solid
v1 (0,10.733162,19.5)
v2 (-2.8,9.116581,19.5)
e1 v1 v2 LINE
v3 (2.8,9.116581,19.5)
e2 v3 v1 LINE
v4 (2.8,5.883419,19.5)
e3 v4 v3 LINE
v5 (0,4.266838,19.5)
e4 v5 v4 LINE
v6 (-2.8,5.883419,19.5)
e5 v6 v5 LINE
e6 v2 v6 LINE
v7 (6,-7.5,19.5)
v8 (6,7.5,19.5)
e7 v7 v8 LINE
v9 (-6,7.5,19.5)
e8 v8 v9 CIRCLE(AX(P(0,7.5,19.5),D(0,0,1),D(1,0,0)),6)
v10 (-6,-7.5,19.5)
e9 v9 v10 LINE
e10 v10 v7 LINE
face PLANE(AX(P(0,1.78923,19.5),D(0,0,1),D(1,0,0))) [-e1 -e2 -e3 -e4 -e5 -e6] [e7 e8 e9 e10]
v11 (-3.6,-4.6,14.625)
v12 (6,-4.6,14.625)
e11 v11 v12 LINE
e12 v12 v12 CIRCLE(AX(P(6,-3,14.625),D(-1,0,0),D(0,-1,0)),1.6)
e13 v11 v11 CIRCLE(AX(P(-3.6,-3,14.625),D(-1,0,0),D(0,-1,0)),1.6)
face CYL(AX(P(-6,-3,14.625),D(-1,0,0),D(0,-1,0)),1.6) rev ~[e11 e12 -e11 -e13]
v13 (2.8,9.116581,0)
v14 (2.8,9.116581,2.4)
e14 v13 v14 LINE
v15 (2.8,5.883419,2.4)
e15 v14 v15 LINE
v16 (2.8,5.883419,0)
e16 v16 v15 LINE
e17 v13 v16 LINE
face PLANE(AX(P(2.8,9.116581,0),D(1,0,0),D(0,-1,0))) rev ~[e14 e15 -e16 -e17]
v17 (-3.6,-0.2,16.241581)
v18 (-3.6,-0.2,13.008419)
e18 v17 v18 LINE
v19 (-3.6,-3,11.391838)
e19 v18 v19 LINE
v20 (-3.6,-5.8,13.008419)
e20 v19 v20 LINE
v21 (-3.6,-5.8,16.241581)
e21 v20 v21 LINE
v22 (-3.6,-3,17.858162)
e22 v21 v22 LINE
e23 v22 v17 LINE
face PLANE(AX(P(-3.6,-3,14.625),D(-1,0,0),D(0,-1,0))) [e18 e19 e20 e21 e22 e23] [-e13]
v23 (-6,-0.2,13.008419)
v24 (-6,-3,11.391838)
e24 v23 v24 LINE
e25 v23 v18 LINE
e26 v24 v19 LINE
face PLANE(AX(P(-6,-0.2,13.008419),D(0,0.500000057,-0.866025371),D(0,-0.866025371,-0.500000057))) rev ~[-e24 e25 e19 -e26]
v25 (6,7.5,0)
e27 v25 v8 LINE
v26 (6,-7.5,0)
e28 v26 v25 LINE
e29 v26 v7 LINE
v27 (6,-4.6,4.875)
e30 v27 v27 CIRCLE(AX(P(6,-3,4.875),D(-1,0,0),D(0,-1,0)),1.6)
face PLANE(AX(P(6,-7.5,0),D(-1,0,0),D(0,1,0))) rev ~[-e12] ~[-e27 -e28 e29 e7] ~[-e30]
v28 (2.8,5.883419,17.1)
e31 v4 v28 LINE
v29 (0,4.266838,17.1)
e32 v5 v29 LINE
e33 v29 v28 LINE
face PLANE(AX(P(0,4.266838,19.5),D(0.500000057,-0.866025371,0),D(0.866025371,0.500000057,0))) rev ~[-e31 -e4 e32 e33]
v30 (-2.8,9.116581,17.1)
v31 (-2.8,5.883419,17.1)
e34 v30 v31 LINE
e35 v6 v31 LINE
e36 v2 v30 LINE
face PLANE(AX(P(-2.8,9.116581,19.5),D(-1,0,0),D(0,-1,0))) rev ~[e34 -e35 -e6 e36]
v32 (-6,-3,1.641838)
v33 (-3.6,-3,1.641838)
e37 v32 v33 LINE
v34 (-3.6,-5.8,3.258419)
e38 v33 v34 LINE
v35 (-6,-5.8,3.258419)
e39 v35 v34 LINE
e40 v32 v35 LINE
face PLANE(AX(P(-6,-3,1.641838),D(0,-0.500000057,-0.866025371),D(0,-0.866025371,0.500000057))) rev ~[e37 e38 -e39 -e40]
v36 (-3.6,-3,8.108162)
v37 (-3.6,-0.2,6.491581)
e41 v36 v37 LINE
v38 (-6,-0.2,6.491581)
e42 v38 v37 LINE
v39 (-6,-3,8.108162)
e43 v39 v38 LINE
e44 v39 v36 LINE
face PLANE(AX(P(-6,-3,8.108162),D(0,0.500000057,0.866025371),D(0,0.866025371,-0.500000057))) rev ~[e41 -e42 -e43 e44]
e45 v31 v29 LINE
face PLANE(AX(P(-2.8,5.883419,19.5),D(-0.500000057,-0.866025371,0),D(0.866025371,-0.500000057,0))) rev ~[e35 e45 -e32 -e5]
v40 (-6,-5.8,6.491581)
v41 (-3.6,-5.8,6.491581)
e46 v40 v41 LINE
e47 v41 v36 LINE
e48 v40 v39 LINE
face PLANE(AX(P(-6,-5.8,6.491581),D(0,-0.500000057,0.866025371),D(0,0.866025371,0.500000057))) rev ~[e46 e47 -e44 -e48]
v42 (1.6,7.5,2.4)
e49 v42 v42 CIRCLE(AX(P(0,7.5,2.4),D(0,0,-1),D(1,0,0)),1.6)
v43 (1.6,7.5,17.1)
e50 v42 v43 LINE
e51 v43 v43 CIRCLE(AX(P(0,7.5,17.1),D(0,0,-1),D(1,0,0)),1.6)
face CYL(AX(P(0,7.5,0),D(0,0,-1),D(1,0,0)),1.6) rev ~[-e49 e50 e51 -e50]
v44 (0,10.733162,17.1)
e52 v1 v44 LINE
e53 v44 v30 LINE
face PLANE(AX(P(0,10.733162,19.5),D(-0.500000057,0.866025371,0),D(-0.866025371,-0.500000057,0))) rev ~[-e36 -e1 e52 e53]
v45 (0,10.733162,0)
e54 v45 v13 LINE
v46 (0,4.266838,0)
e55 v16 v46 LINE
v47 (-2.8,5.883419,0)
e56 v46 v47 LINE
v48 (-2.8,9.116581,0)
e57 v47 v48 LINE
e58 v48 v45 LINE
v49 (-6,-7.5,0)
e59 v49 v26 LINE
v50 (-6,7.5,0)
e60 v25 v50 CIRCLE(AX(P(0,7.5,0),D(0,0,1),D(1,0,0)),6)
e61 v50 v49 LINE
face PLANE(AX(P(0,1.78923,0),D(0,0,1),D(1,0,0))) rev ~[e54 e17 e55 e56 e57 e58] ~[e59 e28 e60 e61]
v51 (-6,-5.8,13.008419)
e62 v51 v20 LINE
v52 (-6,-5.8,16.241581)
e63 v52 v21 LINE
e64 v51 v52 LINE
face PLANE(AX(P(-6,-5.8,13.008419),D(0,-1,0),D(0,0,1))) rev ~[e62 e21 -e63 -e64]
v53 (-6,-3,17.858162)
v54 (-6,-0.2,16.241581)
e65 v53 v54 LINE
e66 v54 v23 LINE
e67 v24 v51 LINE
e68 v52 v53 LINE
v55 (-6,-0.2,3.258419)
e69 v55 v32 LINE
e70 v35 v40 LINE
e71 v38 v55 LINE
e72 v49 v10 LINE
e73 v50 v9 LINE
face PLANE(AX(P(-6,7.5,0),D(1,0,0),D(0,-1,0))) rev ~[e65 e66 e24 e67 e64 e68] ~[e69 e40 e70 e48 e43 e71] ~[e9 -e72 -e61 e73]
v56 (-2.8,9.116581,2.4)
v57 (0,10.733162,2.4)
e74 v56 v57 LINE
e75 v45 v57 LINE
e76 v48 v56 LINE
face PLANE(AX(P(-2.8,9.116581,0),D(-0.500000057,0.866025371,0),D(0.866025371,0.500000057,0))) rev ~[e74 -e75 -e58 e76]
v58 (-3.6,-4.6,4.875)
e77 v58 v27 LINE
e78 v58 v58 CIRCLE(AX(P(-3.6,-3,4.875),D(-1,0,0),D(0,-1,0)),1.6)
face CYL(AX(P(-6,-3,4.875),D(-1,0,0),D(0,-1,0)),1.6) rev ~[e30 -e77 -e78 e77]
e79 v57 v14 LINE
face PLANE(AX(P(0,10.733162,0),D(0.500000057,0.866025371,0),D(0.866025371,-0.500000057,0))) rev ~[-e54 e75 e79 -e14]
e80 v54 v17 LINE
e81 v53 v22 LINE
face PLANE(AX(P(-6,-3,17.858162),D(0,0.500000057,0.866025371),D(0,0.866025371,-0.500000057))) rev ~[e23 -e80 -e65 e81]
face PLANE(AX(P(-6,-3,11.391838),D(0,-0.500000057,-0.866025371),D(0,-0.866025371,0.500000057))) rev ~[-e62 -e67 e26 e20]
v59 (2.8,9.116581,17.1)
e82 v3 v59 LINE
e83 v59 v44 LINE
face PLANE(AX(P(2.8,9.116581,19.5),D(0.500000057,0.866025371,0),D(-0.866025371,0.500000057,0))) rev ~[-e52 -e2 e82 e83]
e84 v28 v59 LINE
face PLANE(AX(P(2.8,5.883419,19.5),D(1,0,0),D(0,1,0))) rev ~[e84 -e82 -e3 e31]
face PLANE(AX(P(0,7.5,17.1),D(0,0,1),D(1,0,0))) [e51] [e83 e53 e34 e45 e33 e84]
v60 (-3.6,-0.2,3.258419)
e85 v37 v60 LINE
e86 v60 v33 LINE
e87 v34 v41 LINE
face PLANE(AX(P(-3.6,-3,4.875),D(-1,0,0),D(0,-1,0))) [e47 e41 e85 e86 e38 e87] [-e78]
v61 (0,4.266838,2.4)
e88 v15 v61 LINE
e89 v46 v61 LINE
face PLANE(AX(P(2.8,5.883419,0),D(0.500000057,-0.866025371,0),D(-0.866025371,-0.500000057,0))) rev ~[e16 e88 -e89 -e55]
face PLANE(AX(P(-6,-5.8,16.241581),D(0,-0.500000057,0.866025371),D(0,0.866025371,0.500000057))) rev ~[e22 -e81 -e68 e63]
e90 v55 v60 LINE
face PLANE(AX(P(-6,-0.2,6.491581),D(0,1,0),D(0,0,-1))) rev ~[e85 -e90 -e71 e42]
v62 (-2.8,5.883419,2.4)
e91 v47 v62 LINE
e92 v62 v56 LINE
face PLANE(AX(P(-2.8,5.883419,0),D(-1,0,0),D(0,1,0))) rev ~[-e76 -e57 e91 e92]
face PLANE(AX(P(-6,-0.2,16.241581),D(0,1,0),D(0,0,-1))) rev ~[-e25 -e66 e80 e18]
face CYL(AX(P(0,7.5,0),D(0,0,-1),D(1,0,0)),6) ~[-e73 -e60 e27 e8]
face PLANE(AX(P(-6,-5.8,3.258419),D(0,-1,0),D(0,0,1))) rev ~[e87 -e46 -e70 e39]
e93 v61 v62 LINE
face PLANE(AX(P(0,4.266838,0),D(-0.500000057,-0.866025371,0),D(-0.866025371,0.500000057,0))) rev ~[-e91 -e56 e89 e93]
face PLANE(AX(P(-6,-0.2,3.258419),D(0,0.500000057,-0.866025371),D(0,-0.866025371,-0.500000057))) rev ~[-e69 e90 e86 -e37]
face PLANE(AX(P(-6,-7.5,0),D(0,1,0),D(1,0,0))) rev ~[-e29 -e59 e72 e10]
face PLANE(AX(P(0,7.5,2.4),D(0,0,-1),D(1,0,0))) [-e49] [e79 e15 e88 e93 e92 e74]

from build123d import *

# Parameters (mm, degrees)
PAD_DEPTH       = 19.5
SKETCH001_R     = 1.6
POCKET_DEPTH    = 19.501
SKETCH002_R     = 1.6
POCKET001_DEPTH = 12.001
POCKET002_DEPTH = 2.4
POCKET003_DEPTH = 2.4
POCKET004_DEPTH = 2.4


with BuildPart() as part:
    # Sketch → Pad (new body)
    with BuildSketch(Plane.XY):
        with BuildLine():
            ThreePointArc((6, 7.5), (0, 13.5), (-6, 7.5))
            Line((-6, 7.5), (-6, -7.5))
            Line((-6, -7.5), (6, -7.5))
            Line((6, -7.5), (6, 7.5))
        make_face()
    extrude(amount=PAD_DEPTH)

    # Sketch001 (on Face5 of Pad) → Pocket (cut, through all)
    with BuildSketch(Plane(origin=(0, 0, 0), x_dir=(1, 0, 0), z_dir=(0, 0, -1))):
        with Locations((0, -7.5)):
            Circle(SKETCH001_R)
    extrude(amount=-POCKET_DEPTH, mode=Mode.SUBTRACT)

    # Sketch002 (on Face3 of Pocket) → Pocket001 (cut, through all)
    with BuildSketch(Plane(origin=(-6, 0, 0), x_dir=(0, -1, 0), z_dir=(-1, 0, 0))):
        with Locations((3, 14.625)):
            Circle(SKETCH002_R)
        with Locations((3, 4.875)):
            Circle(SKETCH002_R)
    extrude(amount=-POCKET001_DEPTH, mode=Mode.SUBTRACT)

    # Sketch003 (on Face3 of Pocket001) → Pocket002 (cut)
    with BuildSketch(Plane(origin=(-6, 0, 0), x_dir=(0, -1, 0), z_dir=(-1, 0, 0))):
        Polygon((3, 17.858162), (0.2, 16.241581), (0.2, 13.008419), (3, 11.391838), (5.8, 13.008419), (5.8, 16.241581), align=None)
        Polygon((3, 8.108162), (0.2, 6.491581), (0.2, 3.258419), (3, 1.641838), (5.8, 3.258419), (5.8, 6.491581), align=None)
    extrude(amount=-POCKET002_DEPTH, mode=Mode.SUBTRACT)

    # Sketch004 (on Face4 of Pocket002) → Pocket003 (cut)
    with BuildSketch(Plane(origin=(0, 0, 0), x_dir=(1, 0, 0), z_dir=(0, 0, -1))):
        Polygon((2.8, -9.116581), (2.8, -5.883419), (0, -4.266838), (-2.8, -5.883419), (-2.8, -9.116581), (0, -10.733162), align=None)
    extrude(amount=-POCKET003_DEPTH, mode=Mode.SUBTRACT)

    # Sketch005 (on Face5 of Pocket003) → Pocket004 (cut)
    with BuildSketch(Plane.XY.offset(19.5)):
        Polygon((2.8, 9.116581), (0, 10.733162), (-2.8, 9.116581), (-2.8, 5.883419), (0, 4.266838), (2.8, 5.883419), align=None)
    extrude(amount=-POCKET004_DEPTH, mode=Mode.SUBTRACT)


solid = part.part
